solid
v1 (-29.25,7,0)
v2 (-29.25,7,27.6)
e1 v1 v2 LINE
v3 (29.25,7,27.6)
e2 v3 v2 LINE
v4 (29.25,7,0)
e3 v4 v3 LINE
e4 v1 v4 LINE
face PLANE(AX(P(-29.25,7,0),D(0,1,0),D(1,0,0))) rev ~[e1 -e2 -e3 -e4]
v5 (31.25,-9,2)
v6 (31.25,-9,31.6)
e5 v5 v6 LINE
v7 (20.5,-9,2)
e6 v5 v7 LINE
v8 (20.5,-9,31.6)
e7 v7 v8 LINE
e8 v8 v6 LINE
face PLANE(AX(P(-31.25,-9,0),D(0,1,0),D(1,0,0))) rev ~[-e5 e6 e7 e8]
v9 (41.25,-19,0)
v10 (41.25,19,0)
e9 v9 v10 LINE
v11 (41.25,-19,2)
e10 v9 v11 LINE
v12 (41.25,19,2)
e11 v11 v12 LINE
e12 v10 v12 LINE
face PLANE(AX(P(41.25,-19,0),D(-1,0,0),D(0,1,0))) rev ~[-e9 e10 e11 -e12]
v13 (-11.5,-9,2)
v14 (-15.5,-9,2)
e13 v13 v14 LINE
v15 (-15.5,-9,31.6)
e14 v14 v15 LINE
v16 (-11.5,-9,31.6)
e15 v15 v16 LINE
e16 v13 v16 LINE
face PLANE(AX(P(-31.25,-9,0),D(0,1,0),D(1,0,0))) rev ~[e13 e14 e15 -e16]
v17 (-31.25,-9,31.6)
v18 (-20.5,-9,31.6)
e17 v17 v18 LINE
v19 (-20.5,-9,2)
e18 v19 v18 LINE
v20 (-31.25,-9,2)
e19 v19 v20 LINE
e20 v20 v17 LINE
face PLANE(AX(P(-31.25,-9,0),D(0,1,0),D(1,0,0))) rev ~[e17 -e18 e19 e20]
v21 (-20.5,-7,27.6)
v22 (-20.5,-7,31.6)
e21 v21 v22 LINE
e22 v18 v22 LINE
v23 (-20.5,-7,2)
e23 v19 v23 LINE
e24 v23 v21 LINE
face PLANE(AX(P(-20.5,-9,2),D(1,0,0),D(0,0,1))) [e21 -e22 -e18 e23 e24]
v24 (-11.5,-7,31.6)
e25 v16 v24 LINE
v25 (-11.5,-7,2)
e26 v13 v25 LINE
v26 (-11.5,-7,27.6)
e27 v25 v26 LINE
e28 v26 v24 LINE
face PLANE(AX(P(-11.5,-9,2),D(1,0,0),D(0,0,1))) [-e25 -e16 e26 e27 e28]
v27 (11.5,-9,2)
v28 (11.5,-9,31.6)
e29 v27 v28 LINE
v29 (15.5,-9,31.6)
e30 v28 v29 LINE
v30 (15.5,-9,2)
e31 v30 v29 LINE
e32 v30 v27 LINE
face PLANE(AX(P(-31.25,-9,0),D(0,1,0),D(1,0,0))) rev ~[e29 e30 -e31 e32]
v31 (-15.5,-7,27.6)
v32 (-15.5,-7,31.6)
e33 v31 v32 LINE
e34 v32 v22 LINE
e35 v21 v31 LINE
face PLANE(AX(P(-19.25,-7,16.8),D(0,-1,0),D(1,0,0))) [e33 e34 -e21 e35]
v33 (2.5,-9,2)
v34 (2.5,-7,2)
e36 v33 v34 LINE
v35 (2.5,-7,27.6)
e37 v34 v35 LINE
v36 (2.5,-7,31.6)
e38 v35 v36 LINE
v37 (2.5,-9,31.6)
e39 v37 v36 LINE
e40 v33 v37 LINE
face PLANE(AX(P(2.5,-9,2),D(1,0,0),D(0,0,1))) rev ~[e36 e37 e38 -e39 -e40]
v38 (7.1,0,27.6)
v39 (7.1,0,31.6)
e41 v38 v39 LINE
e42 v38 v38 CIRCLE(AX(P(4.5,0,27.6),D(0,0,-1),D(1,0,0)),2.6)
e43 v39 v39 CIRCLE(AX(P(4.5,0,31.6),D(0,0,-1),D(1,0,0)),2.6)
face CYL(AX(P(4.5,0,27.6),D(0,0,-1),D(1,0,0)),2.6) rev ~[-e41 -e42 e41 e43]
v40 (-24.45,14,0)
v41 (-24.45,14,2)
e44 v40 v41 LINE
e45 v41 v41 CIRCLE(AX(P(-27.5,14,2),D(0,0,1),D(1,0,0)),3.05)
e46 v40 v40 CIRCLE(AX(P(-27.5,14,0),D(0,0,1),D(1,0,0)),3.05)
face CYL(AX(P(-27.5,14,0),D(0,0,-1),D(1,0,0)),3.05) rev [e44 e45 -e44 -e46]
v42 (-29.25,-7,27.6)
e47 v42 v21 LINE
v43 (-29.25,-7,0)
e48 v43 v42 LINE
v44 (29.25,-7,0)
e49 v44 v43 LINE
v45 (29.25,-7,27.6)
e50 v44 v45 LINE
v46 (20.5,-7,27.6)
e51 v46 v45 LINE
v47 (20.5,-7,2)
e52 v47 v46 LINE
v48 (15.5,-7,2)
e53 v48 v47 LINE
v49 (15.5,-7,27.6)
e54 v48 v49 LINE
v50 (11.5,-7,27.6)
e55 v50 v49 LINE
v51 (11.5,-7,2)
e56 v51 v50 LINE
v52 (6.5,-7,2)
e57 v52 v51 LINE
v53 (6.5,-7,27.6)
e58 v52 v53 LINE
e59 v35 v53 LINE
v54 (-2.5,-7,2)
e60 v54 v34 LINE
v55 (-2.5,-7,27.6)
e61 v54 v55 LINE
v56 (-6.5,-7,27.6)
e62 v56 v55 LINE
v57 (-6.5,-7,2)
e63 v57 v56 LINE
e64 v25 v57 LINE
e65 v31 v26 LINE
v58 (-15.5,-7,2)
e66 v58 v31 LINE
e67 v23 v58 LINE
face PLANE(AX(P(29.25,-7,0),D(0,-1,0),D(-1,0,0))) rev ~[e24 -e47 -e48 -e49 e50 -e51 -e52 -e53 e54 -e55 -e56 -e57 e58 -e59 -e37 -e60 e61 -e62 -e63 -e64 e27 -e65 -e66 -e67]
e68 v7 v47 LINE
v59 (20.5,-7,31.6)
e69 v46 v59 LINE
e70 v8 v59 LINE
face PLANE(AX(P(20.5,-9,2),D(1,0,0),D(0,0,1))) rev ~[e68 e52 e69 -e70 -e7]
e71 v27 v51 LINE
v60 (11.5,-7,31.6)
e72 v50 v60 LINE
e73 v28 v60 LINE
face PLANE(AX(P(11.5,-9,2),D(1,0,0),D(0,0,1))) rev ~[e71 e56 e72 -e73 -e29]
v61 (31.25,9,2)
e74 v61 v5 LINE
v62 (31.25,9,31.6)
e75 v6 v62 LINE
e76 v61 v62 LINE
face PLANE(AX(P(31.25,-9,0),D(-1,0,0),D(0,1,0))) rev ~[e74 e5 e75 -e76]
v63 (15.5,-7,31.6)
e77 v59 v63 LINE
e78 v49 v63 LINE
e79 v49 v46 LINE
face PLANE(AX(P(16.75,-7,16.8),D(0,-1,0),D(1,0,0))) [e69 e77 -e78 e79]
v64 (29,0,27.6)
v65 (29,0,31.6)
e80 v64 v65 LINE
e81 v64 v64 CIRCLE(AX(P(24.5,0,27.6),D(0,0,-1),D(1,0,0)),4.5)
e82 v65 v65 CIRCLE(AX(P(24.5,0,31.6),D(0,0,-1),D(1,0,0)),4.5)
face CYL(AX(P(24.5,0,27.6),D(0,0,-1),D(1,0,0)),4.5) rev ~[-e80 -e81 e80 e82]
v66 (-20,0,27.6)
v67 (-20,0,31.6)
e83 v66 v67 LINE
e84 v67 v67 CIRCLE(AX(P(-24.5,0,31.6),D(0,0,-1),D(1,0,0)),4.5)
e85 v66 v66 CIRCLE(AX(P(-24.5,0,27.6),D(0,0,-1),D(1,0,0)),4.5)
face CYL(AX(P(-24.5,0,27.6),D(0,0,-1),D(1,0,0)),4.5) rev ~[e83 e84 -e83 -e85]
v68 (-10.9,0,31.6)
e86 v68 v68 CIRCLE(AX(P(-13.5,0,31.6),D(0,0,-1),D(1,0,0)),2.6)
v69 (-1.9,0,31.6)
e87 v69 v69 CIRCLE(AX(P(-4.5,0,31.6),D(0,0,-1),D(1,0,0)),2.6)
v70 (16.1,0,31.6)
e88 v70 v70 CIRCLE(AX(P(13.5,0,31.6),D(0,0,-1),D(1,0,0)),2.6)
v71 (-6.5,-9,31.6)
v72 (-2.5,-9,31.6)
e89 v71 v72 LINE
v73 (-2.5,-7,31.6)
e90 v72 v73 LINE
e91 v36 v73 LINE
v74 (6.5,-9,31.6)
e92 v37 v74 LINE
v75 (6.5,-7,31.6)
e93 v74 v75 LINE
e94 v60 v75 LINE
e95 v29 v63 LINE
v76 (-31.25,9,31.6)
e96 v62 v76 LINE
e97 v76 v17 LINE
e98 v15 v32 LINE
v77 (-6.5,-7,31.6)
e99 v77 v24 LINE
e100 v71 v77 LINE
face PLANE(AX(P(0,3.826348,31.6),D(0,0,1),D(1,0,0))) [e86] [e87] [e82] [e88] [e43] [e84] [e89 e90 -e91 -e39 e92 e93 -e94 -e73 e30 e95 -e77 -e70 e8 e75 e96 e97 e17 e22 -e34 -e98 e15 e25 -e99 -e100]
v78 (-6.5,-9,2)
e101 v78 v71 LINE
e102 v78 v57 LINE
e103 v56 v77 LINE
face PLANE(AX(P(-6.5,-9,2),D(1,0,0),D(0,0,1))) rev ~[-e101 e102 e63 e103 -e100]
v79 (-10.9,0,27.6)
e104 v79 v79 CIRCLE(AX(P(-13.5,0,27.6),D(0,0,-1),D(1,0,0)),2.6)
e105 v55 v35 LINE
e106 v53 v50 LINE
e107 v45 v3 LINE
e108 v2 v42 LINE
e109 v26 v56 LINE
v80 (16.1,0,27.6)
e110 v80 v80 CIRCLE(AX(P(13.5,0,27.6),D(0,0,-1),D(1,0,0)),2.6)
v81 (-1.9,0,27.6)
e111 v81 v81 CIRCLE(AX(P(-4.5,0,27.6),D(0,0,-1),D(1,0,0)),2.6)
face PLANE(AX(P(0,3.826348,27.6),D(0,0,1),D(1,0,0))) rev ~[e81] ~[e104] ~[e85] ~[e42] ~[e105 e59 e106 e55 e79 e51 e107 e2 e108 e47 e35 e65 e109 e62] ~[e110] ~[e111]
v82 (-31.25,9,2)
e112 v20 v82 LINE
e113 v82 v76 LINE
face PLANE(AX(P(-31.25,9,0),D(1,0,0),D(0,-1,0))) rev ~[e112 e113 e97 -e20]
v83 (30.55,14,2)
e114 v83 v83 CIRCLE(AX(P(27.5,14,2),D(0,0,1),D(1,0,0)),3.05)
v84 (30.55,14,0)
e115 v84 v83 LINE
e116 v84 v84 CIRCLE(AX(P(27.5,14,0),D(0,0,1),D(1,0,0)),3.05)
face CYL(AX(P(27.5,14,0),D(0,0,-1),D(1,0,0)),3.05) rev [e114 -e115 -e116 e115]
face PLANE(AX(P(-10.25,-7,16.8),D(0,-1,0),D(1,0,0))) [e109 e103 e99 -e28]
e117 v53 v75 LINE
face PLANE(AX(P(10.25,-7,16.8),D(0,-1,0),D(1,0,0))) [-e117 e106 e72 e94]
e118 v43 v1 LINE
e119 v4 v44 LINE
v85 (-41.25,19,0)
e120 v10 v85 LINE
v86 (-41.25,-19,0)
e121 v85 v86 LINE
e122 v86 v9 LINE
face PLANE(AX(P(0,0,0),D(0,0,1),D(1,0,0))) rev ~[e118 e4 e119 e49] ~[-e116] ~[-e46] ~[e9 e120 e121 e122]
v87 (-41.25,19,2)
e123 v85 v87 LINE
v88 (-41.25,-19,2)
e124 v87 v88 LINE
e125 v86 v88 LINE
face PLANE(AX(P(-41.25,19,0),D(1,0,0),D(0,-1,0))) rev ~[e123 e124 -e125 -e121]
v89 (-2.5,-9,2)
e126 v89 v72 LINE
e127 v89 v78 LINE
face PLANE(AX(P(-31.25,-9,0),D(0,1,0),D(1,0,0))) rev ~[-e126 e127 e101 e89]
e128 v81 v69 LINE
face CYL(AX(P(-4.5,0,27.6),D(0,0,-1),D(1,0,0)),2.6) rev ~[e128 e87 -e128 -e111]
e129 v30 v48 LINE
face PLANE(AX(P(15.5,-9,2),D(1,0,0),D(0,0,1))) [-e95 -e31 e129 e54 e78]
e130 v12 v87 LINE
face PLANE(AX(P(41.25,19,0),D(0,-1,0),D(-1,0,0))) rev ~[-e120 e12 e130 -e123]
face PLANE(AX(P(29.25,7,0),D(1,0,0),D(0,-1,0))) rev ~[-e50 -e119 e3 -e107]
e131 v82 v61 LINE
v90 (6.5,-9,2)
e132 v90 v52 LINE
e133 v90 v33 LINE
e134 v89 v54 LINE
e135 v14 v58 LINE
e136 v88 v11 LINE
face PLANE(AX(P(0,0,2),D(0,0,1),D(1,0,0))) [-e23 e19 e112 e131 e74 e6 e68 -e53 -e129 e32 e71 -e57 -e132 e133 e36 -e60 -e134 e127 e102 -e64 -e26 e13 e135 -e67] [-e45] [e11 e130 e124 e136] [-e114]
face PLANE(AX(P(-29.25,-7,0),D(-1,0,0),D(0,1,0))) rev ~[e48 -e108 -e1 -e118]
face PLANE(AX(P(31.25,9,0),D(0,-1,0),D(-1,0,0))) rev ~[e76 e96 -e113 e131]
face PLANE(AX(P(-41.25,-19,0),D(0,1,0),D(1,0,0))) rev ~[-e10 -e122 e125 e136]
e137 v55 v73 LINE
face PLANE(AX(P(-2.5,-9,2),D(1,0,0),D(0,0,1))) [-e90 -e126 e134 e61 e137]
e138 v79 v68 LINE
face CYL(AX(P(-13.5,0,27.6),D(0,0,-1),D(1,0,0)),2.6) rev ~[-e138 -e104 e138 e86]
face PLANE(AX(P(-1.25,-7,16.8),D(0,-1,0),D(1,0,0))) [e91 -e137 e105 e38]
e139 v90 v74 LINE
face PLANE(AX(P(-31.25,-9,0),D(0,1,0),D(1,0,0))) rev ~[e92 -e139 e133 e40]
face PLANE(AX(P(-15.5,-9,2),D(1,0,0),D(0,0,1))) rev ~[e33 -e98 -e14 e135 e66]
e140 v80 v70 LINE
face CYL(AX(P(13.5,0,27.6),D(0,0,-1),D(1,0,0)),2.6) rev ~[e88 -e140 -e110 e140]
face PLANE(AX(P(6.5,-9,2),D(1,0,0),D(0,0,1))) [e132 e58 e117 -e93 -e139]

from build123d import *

# Parameters (mm, degrees)
F1_DEPTH = 31.6
F2_START = 27.6
F2_DEPTH = 4
F0_R     = 3.05
F3_DEPTH = 2
F4_W     = 2.5
F4_H     = 29.6
F5_DEPTH = 2


with BuildPart() as f1:
    # F0 (on Top) → F1 (new body)
    with BuildSketch(Plane.XY):
        Polygon((31.25, -9), (31.25, 0), (29.25, 0), (29.25, -7), (-29.25, -7), (-29.25, 0), (-31.25, 0), (-31.25, -9), align=None)
        Polygon((31.25, 0), (31.25, 9), (-31.25, 9), (-31.25, 0), (-29.25, 0), (-29.25, 7), (29.25, 7), (29.25, 0), align=None)
    extrude(amount=F1_DEPTH)

    # F0 (on Top) → F2 (join)
    with BuildSketch(Plane.XY.offset(F2_START)):
        with BuildLine():
            Line((29, 0), (29.25, 0))
            Line((29.25, 0), (29.25, 7))
            Line((29.25, 7), (-29.25, 7))
            Line((-29.25, 7), (-29.25, 0))
            Line((-29.25, 0), (-29, 0))
            ThreePointArc((-29, 0), (-24.5, 4.5), (-20, 0))
            Line((-20, 0), (-16.1, 0))
            ThreePointArc((-16.1, 0), (-13.5, 2.6), (-10.9, 0))
            Line((-10.9, 0), (-7.1, 0))
            ThreePointArc((-7.1, 0), (-4.5, 2.6), (-1.9, 0))
            Line((-1.9, 0), (0, 0))
            Line((0, 0), (1.9, 0))
            ThreePointArc((1.9, 0), (4.5, 2.6), (7.1, 0))
            Line((7.1, 0), (10.9, 0))
            ThreePointArc((10.9, 0), (13.5, 2.6), (16.1, 0))
            Line((16.1, 0), (20, 0))
            ThreePointArc((20, 0), (24.5, 4.5), (29, 0))
        make_face()
        with BuildLine():
            Line((29.25, -7), (29.25, 0))
            Line((29.25, 0), (29, 0))
            ThreePointArc((29, 0), (24.5, -4.5), (20, 0))
            Line((20, 0), (16.1, 0))
            ThreePointArc((16.1, 0), (13.5, -2.6), (10.9, 0))
            Line((10.9, 0), (7.1, 0))
            ThreePointArc((7.1, 0), (4.5, -2.6), (1.9, 0))
            Line((1.9, 0), (0, 0))
            Line((0, 0), (-1.9, 0))
            ThreePointArc((-1.9, 0), (-4.5, -2.6), (-7.1, 0))
            Line((-7.1, 0), (-10.9, 0))
            ThreePointArc((-10.9, 0), (-13.5, -2.6), (-16.1, 0))
            Line((-16.1, 0), (-20, 0))
            ThreePointArc((-20, 0), (-24.5, -4.5), (-29, 0))
            Line((-29, 0), (-29.25, 0))
            Line((-29.25, 0), (-29.25, -7))
            Line((-29.25, -7), (29.25, -7))
        make_face()
    extrude(amount=F2_DEPTH)

    # F0 (on Top) → F3 (join)
    with BuildSketch(Plane.XY):
        Polygon((-41.25, 19), (-41.25, 14), (-41.25, -19), (41.25, -19), (41.25, 19), align=None)
        with Locations((-27.5, 14)):
            Circle(F0_R, mode=Mode.SUBTRACT)
        Polygon((-31.25, 9), (31.25, 9), (31.25, 0), (31.25, -9), (-31.25, -9), (-31.25, 0), align=None, mode=Mode.SUBTRACT)
        with Locations((27.5, 14)):
            Circle(F0_R, mode=Mode.SUBTRACT)
    extrude(amount=F3_DEPTH)

    # F4 (on face) → F5 (cut)
    with BuildSketch(Plane.XZ.offset(9)):
        with Locations((-1.25, 16.8)):
            Rectangle(F4_W, F4_H)
        with Locations((1.25, 16.8)):
            Rectangle(F4_W, F4_H)
        with Locations((-19.25, 16.8)):
            Rectangle(F4_W, F4_H)
        with Locations((-16.75, 16.8)):
            Rectangle(F4_W, F4_H)
        with Locations((-10.25, 16.8)):
            Rectangle(F4_W, F4_H)
        with Locations((-7.75, 16.8)):
            Rectangle(F4_W, F4_H)
        with Locations((10.25, 16.8)):
            Rectangle(F4_W, F4_H)
        with Locations((7.75, 16.8)):
            Rectangle(F4_W, F4_H)
        with Locations((16.75, 16.8)):
            Rectangle(F4_W, F4_H)
        with Locations((19.25, 16.8)):
            Rectangle(F4_W, F4_H)
    extrude(amount=-F5_DEPTH, mode=Mode.SUBTRACT)


solid = f1.part
